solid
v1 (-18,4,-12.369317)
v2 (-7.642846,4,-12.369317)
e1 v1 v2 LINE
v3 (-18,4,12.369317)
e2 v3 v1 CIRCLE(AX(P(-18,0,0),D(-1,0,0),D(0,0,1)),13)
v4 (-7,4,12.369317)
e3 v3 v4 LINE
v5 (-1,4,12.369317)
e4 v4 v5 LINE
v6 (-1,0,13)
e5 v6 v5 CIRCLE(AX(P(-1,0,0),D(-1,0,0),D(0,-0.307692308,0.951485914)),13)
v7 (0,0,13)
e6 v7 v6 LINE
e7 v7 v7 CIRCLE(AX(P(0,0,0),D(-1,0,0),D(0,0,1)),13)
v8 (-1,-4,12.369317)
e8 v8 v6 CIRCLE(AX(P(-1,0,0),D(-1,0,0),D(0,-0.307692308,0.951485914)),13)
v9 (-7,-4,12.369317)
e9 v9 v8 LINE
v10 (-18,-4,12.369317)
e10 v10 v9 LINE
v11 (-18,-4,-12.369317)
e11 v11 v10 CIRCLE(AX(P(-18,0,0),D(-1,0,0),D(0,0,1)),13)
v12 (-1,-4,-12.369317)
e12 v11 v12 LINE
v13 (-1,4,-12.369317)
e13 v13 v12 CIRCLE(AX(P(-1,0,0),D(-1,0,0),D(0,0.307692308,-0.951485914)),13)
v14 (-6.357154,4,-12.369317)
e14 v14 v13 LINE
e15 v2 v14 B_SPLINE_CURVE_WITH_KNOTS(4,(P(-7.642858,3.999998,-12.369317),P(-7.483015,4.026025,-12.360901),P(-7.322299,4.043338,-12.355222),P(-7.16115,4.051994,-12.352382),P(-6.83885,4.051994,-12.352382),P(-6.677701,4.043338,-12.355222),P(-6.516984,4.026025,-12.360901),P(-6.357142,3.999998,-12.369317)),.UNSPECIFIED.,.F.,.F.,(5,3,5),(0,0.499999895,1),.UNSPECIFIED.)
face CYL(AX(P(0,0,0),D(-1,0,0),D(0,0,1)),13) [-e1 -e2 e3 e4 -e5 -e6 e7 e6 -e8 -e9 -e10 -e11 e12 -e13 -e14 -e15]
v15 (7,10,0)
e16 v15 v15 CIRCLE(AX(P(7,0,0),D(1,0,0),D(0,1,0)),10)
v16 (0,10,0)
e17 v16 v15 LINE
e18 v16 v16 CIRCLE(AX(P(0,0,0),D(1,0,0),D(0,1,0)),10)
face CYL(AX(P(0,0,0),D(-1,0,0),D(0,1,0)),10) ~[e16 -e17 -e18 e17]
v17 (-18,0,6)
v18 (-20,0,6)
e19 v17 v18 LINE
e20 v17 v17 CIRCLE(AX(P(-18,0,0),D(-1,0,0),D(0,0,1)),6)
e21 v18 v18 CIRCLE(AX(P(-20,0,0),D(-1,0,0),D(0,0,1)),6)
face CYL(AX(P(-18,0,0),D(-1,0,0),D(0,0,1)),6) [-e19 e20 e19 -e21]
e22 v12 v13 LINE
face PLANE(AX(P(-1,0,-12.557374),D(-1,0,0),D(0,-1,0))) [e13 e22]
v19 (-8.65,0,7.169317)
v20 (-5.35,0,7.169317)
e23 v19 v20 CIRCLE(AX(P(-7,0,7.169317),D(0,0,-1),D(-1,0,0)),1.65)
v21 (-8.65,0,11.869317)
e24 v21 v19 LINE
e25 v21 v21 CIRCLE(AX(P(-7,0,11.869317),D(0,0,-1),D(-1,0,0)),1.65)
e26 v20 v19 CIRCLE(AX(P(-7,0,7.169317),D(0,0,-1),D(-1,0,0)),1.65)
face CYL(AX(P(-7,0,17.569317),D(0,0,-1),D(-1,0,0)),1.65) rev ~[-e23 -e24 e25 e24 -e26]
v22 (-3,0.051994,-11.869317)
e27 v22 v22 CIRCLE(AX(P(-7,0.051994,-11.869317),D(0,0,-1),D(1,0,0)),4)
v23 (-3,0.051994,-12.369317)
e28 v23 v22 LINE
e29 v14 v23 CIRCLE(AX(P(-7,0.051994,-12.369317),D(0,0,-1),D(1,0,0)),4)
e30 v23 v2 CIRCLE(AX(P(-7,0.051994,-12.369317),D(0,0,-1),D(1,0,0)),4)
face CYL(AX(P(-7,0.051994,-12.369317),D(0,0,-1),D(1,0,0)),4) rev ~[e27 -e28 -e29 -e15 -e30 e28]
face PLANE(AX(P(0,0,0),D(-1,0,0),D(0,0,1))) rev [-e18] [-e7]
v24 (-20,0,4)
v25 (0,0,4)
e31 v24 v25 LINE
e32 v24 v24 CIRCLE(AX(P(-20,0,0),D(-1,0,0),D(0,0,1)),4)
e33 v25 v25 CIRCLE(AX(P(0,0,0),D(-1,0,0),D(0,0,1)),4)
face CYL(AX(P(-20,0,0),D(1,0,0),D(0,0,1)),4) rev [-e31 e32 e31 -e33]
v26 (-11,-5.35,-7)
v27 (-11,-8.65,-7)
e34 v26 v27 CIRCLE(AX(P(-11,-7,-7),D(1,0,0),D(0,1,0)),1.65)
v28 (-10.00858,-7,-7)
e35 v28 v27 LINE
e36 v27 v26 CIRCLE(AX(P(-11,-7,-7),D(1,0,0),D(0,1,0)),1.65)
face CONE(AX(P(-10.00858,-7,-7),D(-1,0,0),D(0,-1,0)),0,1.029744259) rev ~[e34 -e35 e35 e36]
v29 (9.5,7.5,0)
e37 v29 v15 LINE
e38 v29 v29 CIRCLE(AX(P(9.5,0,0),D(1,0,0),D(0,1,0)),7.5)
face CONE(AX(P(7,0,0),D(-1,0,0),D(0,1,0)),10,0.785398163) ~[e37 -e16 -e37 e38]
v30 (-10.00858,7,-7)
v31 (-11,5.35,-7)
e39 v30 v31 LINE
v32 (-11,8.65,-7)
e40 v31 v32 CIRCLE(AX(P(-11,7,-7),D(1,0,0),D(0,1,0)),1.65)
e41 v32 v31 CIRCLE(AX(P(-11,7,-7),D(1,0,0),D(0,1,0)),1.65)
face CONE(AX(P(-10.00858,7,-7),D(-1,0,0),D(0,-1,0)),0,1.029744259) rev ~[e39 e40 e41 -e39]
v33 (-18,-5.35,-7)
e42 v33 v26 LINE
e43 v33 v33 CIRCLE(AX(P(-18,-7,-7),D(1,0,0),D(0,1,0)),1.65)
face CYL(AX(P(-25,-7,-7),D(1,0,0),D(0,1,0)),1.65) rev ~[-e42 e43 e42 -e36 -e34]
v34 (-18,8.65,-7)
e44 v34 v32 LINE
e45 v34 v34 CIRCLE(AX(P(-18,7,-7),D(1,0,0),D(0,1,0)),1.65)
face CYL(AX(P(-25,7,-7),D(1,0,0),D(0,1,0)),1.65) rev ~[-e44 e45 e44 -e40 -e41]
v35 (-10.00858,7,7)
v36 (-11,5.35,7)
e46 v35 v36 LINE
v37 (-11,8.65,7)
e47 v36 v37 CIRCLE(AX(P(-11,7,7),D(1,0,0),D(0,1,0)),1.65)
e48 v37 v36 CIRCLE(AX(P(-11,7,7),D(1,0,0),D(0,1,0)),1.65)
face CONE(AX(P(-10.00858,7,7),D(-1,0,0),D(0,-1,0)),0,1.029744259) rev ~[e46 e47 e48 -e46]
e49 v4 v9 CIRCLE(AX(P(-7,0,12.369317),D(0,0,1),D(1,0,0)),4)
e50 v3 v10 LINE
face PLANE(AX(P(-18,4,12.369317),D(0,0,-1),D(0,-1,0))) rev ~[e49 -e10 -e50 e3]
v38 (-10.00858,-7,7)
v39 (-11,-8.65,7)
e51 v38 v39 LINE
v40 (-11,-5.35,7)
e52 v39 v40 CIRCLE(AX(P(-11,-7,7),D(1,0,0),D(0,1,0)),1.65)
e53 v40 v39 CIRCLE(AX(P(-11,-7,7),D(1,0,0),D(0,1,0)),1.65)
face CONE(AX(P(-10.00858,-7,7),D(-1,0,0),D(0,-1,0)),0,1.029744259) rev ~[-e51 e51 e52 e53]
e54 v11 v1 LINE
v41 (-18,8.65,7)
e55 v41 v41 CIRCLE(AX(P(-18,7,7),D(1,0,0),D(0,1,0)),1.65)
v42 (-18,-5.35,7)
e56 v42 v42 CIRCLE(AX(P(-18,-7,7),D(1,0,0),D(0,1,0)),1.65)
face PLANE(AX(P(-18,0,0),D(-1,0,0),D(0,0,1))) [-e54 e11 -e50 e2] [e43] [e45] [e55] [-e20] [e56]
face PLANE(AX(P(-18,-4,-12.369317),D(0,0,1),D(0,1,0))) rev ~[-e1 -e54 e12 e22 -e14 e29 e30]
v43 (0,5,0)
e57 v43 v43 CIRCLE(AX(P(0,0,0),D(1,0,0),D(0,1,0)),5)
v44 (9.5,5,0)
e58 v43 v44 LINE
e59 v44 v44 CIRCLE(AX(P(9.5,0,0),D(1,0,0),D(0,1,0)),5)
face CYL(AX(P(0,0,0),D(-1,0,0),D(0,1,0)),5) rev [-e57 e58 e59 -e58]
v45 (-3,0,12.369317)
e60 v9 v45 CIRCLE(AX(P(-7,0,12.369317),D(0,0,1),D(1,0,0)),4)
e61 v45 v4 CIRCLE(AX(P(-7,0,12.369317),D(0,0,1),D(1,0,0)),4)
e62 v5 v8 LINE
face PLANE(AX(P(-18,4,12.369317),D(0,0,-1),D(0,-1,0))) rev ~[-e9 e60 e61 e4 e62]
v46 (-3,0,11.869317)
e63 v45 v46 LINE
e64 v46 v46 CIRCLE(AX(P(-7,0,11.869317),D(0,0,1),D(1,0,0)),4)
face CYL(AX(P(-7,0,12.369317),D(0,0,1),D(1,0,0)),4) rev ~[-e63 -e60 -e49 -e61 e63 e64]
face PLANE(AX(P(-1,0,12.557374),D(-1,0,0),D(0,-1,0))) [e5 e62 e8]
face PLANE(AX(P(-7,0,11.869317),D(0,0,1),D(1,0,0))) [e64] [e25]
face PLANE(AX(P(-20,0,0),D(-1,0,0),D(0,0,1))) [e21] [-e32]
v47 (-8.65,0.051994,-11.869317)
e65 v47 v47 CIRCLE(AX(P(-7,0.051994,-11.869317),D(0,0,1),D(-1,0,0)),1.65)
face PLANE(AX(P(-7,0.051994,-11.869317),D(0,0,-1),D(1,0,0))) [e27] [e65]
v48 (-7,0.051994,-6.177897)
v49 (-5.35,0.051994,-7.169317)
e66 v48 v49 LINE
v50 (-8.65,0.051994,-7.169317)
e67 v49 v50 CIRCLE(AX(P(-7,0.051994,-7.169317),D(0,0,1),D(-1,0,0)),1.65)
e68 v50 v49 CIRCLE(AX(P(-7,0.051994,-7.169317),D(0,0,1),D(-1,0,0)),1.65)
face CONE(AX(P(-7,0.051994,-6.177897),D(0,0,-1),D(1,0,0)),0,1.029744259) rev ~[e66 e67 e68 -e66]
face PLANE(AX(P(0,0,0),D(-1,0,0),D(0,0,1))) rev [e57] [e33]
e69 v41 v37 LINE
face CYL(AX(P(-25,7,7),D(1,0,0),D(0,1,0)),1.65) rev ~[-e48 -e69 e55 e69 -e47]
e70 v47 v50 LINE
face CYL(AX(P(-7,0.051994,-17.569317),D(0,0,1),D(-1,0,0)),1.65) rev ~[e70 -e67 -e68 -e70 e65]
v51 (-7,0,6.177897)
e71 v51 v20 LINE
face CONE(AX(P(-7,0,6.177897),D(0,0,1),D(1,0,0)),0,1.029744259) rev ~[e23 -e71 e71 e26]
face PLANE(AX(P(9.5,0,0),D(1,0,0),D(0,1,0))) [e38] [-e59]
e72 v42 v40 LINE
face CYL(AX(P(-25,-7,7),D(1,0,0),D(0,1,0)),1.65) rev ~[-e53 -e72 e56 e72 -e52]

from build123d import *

# Parameters (mm, degrees)
F3_D      = 3.3
F3_DEPTH  = 7
F3_TIP    = 0.9914200214
F4_R      = 10
F4_R_2    = 5
F5_DEPTH  = 9.5
F6_SIZE   = 2.5
F8_DEPTH  = 17
F10_D     = 3.3
F10_DEPTH = 5.2
F10_TIP   = 0.9914200214
F11_R     = 4
F12_DEPTH = 0.5
F14_D     = 3.3
F14_DEPTH = 5.2
F14_TIP   = 0.9914200214
F15_R     = 4
F16_DEPTH = 0.5


with BuildPart() as f1:
    # F0 (on Front) → F1 (revolve)
    with BuildSketch(Plane.XZ):
        Polygon((-20, 4), (0, 4), (0, 13), (-18, 13), (-18, 6), (-20, 6), align=None)
    revolve(axis=Axis((-7.6375159387, 0, 0), (-1, 0, 0)))

    # F3
    with Locations(Plane(origin=(-18, 0, 0), x_dir=(0, -1, 0), z_dir=(-1, 0, 0))):
        with Locations((-7, 7), (7, 7), (-7, -7), (7, -7)):
            Hole(F3_D / 2, depth=F3_DEPTH)
            with Locations((0, 0, -(F3_DEPTH + F3_TIP / 2))):  # 118° drill point
                Cone(0, F3_D / 2, F3_TIP, mode=Mode.SUBTRACT)

    # F4 (on face) → F5 (join)
    with BuildSketch(Plane.YZ):
        Circle(F4_R)
        Circle(F4_R_2, mode=Mode.SUBTRACT)
    extrude(amount=F5_DEPTH)

    # F6
    f6_edges = [f1.edges().sort_by_distance(p)[0] for p in [
        (9.5, -10, 0),
    ]]
    chamfer(f6_edges, length=F6_SIZE)

    # F7 (on face) → F8 (cut)
    with BuildSketch(Plane(origin=(-18, 0, 0), x_dir=(0, -1, 0), z_dir=(-1, 0, 0))):
        with BuildLine():
            Line((-4, 12.3693168769), (4, 12.3693168769))
            ThreePointArc((4, 12.3693168769), (0, 13), (-4, 12.3693168769))
        make_face()
        with BuildLine():
            Line((4, -12.3693168769), (-4, -12.3693168769))
            ThreePointArc((-4, -12.3693168769), (0, -13), (4, -12.3693168769))
        make_face()
    extrude(amount=-F8_DEPTH, mode=Mode.SUBTRACT)

    # F10
    with Locations(Plane.XY.offset(12.3693168769)):
        with Locations((-7, 0)):
            Hole(F10_D / 2, depth=F10_DEPTH)
            with Locations((0, 0, -(F10_DEPTH + F10_TIP / 2))):  # 118° drill point
                Cone(0, F10_D / 2, F10_TIP, mode=Mode.SUBTRACT)

    # F11 (on face) → F12 (cut)
    with BuildSketch(Plane.XY.offset(12.3693168769)):
        with Locations((-7, 0)):
            Circle(F11_R)
    extrude(amount=-F12_DEPTH, mode=Mode.SUBTRACT)

    # F14
    with Locations(Plane(origin=(0, 0, -12.3693168769), x_dir=(1, 0, 0), z_dir=(0, 0, -1))):
        with Locations((-7, -0.0519943278)):
            Hole(F14_D / 2, depth=F14_DEPTH)
            with Locations((0, 0, -(F14_DEPTH + F14_TIP / 2))):  # 118° drill point
                Cone(0, F14_D / 2, F14_TIP, mode=Mode.SUBTRACT)

    # F15 (on face) → F16 (cut)
    with BuildSketch(Plane(origin=(0, 0, -12.3693168769), x_dir=(1, 0, 0), z_dir=(0, 0, -1))):
        with Locations((-7, -0.0519943278)):
            Circle(F15_R)
    extrude(amount=-F16_DEPTH, mode=Mode.SUBTRACT)


solid = f1.part
